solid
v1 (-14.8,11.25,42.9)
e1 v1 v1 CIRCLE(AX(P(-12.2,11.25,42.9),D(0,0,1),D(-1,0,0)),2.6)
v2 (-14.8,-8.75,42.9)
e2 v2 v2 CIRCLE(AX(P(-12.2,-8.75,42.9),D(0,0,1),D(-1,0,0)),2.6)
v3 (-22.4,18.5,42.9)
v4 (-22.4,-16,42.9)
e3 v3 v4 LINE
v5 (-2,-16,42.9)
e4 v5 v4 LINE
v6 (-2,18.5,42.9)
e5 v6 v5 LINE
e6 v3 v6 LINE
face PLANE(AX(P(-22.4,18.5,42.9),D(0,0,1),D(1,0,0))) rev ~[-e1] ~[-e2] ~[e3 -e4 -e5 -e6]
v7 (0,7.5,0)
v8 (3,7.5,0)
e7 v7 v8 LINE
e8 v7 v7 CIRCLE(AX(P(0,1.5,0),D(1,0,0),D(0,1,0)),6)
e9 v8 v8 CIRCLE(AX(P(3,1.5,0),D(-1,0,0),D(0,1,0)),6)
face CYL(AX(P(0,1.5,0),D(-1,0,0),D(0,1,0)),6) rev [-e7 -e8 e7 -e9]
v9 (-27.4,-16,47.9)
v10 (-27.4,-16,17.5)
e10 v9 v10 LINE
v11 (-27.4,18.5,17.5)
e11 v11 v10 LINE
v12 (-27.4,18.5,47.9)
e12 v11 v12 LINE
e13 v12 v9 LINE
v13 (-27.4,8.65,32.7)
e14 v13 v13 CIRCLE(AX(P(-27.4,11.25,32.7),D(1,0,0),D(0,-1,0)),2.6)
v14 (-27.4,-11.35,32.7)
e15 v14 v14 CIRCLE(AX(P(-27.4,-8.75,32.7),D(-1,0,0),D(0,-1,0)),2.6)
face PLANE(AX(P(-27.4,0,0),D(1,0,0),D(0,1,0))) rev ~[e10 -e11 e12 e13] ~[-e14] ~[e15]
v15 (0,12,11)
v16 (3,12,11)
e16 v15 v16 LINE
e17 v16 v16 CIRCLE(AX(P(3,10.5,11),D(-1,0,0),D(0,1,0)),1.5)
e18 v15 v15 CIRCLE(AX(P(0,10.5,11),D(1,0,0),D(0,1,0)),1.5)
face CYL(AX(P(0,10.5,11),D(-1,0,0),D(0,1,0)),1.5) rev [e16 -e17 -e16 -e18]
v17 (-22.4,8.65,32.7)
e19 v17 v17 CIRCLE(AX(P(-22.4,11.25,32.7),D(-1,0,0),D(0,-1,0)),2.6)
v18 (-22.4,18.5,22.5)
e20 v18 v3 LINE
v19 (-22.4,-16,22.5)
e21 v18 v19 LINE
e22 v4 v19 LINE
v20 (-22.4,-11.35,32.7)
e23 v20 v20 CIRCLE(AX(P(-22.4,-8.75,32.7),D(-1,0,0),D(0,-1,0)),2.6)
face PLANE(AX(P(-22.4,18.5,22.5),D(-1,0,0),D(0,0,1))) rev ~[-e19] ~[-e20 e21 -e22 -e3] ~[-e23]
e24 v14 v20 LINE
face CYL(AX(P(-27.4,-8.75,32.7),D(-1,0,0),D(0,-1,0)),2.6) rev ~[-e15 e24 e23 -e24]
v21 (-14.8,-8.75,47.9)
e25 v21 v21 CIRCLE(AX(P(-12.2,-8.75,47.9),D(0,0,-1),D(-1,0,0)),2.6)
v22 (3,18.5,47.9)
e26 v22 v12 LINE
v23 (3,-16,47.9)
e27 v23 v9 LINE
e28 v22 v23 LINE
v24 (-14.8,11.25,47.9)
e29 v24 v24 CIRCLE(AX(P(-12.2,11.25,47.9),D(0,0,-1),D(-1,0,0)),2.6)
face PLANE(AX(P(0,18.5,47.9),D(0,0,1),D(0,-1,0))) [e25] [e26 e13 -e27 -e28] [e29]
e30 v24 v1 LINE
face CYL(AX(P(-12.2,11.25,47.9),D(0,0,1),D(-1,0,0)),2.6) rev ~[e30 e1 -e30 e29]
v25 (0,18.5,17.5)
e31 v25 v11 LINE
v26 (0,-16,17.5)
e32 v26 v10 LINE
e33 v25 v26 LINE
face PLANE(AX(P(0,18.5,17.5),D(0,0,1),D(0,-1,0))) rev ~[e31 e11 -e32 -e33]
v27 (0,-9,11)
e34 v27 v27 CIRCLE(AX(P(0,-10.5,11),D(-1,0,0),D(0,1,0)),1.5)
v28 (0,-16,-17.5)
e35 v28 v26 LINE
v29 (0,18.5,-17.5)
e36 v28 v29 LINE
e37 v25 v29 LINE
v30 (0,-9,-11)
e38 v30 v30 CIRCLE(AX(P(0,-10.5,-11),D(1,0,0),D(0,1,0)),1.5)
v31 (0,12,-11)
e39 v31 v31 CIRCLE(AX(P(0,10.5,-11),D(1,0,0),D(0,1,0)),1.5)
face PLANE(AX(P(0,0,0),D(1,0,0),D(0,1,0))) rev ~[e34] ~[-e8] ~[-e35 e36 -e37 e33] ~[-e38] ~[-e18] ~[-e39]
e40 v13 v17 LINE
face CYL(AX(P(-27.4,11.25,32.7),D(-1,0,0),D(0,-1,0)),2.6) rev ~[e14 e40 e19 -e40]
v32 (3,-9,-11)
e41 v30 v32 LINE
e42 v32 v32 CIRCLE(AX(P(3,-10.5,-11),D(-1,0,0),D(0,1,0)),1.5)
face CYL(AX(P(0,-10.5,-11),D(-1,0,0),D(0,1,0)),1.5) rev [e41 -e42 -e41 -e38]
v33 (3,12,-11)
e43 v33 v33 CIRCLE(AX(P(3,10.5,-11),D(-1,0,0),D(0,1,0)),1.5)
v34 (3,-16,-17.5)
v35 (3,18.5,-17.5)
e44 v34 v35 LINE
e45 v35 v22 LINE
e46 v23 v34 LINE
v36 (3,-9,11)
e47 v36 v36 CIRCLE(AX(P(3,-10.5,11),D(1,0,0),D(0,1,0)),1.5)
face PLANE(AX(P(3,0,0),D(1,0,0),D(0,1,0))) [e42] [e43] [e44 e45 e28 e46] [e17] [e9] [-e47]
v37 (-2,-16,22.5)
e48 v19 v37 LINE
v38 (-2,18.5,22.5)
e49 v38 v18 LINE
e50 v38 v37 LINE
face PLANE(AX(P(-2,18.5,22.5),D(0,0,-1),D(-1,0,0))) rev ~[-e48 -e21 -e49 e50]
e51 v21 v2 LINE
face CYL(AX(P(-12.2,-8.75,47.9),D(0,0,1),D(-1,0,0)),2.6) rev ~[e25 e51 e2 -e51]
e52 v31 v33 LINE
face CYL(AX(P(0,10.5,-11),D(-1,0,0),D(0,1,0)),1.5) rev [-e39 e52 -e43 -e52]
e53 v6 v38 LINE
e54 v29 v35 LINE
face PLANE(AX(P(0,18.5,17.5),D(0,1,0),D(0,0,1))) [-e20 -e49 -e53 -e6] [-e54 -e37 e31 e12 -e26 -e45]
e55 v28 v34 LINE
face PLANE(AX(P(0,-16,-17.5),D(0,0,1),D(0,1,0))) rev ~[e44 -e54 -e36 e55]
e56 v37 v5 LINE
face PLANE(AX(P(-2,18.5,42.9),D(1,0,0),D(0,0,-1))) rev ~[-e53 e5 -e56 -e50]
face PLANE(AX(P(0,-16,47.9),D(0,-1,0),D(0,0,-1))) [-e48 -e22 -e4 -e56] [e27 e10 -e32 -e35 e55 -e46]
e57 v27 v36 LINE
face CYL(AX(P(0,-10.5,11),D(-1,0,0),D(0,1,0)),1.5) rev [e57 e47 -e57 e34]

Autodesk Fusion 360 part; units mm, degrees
sketch "스케치1" plane through (0, 0, 0) normal (1, 0, 0) x (0, 1, 0)
  line L0 (10.5, 11) -> (-10.5, 11)
  line L1 (-10.5, 11) -> (-10.5, -11)
  line L2 (-10.5, -11) -> (10.5, -11)
  line L3 (10.5, -11) -> (10.5, 11)
  line L4 (10.5, 11) -> (-10.5, -11) construction
  line L5 (-10.5, 11) -> (10.5, -11) construction
  circle A0 centre (10.5, 11) radius 1.5
  circle A1 centre (-10.5, 11) radius 1.5
  circle A2 centre (10.5, -11) radius 1.5
  circle A3 centre (-10.5, -11) radius 1.5
  line L6 (10.5, 0) -> (1.5, 0)
  circle A4 centre (1.5, 0) radius 6
  line L7 (10.5, 0) -> (18.5, 0)
  line L8 (1.5, 0) -> (-16, 0)
  line L9 (18.5, 0) -> (18.5, 17.5)
  line L10 (-16, 0) -> (-16, -17.5)
  line L11 (-16, -17.5) -> (18.5, -17.5)
  line L12 (18.5, -17.5) -> (18.5, 17.5)
  line L13 (18.5, 17.5) -> (-16, 17.5)
  line L14 (-16, 17.5) -> (-16, -17.5)
  line L15 (-16, 17.5) -> (18.5, 17.5)
  line L16 (18.5, 17.5) -> (18.5, 47.9)
  line L17 (18.5, 47.9) -> (-16, 47.9)
  line L18 (-16, 47.9) -> (-16, 17.5)
  dimension "d1" = 21
  dimension "d2" = 22
  dimension "d3" = 3
  dimension "d4" = 3
  dimension "d5" = 3
  dimension "d6" = 3
  dimension "d8" = 9
  dimension "d9" = 12
  dimension "d10" = 8
  dimension "d11" = 17.5
  dimension "d12" = 17.5
  dimension "d13" = 17.5
  dimension "d16" = 30.4
extrude "돌출1" add sketch "스케치1" along normal blind 3 contours L0 L1 L3 A0 A1 L7 L8 L9 L12 L13 L14 L15 | L0 L1 L3 A0 A1 L6 A4 L8 | L1 L2 L3 A2 A3 L6 A4 L8 | L1 L2 L3 A2 A3 L7 L8 L10 L11 L12 L14 | L13 L15 L16 L17 L18
extrude "돌출2" add sketch "스케치1" against normal blind 27.4 contours L13 L15 L16 L17 L18
sketch "스케치3" plane through (0, 18.5, 0) normal (0, 1, 0) x (-1, 0, 0)
  line L0 (0, -17.5) -> (0, 17.5)
  line L1 (0, 17.5) -> (27.4, 17.5)
  line L2 (27.4, 17.5) -> (27.4, 47.9)
  line L3 (27.4, 47.9) -> (-3, 47.9)
  line L4 (-3, 47.9) -> (-3, -17.5)
  line L5 (-3, -17.5) -> (0, -17.5)
  line L6 (27.4, 17.5) -> (-3, 17.5)
  line L7 (-3, 17.5) -> (-3, 47.9)
  line L8 (-3, 47.9) -> (27.4, 47.9)
  line L9 (27.4, 47.9) -> (27.4, 17.5)
  line L10 (22.4, 42.9) -> (2, 42.9)
  line L11 (2, 42.9) -> (2, 22.5)
  line L12 (2, 22.5) -> (22.4, 22.5)
  line L13 (22.4, 22.5) -> (22.4, 42.9)
  line L14 (22.4, 42.9) -> (2, 22.5) construction
  line L15 (2, 42.9) -> (22.4, 22.5) construction
  point P0 (12.2, 32.7)
  dimension "d23" = 20.4
  dimension "d24" = 20.4
extrude "돌출4" cut sketch "스케치3" against normal blind 67 contours L10 L11 L12 L13
sketch "스케치4" plane through (0, 0, 47.9) normal (0, 0, 1) x (-1, 0, 0)
  line L0 (27.4, 16) -> (-3, 16)
  line L1 (-3, 16) -> (-3, -18.5)
  line L2 (-3, -18.5) -> (27.4, -18.5)
  line L3 (27.4, -18.5) -> (27.4, 16)
  line L4 (2, -18.5) -> (22.4, -18.5)
  line L5 (22.4, -18.5) -> (22.4, 16)
  line L6 (22.4, 16) -> (2, 16)
  line L7 (2, 16) -> (2, -18.5)
  line L8 (2, -18.5) -> (22.4, 16) construction
  line L9 (22.4, -18.5) -> (2, 16) construction
  line L10 (12.2, -1.25) -> (12.2, 8.75)
  circle A0 centre (12.2, 8.75) radius 2.6
  line L11 (12.2, -1.25) -> (12.2, -11.25)
  circle A1 centre (12.2, -11.25) radius 2.6
  point P0 (12.2, -1.25)
  dimension "d30" = 20.4
  dimension "d31" = 10
  dimension "d32" = 5.2
  dimension "d33" = 10
  dimension "d34" = 5.2
extrude "돌출6" cut sketch "스케치4" against normal blind 10 contours A0 | A1
sketch "스케치5" plane through (-27.4, 0, 0) normal (-1, 0, 0) x (0, -1, 0)
  line L0 (16, 17.5) -> (16, 47.9)
  line L1 (16, 47.9) -> (-18.5, 47.9)
  line L2 (-18.5, 47.9) -> (-18.5, 17.5)
  line L3 (-18.5, 17.5) -> (16, 17.5)
  line L4 (-18.5, 32.7) -> (-11.25, 32.7)
  circle A0 centre (-11.25, 32.7) radius 2.6
  line L5 (16, 32.7) -> (8.75, 32.7)
  circle A1 centre (8.75, 32.7) radius 2.6
  dimension "d37" = 7.25
  dimension "d38" = 5.2
  dimension "d39" = 7.25
  dimension "d40" = 5.2
extrude "돌출7" cut sketch "스케치5" against normal blind 13 contours A1 | A0
